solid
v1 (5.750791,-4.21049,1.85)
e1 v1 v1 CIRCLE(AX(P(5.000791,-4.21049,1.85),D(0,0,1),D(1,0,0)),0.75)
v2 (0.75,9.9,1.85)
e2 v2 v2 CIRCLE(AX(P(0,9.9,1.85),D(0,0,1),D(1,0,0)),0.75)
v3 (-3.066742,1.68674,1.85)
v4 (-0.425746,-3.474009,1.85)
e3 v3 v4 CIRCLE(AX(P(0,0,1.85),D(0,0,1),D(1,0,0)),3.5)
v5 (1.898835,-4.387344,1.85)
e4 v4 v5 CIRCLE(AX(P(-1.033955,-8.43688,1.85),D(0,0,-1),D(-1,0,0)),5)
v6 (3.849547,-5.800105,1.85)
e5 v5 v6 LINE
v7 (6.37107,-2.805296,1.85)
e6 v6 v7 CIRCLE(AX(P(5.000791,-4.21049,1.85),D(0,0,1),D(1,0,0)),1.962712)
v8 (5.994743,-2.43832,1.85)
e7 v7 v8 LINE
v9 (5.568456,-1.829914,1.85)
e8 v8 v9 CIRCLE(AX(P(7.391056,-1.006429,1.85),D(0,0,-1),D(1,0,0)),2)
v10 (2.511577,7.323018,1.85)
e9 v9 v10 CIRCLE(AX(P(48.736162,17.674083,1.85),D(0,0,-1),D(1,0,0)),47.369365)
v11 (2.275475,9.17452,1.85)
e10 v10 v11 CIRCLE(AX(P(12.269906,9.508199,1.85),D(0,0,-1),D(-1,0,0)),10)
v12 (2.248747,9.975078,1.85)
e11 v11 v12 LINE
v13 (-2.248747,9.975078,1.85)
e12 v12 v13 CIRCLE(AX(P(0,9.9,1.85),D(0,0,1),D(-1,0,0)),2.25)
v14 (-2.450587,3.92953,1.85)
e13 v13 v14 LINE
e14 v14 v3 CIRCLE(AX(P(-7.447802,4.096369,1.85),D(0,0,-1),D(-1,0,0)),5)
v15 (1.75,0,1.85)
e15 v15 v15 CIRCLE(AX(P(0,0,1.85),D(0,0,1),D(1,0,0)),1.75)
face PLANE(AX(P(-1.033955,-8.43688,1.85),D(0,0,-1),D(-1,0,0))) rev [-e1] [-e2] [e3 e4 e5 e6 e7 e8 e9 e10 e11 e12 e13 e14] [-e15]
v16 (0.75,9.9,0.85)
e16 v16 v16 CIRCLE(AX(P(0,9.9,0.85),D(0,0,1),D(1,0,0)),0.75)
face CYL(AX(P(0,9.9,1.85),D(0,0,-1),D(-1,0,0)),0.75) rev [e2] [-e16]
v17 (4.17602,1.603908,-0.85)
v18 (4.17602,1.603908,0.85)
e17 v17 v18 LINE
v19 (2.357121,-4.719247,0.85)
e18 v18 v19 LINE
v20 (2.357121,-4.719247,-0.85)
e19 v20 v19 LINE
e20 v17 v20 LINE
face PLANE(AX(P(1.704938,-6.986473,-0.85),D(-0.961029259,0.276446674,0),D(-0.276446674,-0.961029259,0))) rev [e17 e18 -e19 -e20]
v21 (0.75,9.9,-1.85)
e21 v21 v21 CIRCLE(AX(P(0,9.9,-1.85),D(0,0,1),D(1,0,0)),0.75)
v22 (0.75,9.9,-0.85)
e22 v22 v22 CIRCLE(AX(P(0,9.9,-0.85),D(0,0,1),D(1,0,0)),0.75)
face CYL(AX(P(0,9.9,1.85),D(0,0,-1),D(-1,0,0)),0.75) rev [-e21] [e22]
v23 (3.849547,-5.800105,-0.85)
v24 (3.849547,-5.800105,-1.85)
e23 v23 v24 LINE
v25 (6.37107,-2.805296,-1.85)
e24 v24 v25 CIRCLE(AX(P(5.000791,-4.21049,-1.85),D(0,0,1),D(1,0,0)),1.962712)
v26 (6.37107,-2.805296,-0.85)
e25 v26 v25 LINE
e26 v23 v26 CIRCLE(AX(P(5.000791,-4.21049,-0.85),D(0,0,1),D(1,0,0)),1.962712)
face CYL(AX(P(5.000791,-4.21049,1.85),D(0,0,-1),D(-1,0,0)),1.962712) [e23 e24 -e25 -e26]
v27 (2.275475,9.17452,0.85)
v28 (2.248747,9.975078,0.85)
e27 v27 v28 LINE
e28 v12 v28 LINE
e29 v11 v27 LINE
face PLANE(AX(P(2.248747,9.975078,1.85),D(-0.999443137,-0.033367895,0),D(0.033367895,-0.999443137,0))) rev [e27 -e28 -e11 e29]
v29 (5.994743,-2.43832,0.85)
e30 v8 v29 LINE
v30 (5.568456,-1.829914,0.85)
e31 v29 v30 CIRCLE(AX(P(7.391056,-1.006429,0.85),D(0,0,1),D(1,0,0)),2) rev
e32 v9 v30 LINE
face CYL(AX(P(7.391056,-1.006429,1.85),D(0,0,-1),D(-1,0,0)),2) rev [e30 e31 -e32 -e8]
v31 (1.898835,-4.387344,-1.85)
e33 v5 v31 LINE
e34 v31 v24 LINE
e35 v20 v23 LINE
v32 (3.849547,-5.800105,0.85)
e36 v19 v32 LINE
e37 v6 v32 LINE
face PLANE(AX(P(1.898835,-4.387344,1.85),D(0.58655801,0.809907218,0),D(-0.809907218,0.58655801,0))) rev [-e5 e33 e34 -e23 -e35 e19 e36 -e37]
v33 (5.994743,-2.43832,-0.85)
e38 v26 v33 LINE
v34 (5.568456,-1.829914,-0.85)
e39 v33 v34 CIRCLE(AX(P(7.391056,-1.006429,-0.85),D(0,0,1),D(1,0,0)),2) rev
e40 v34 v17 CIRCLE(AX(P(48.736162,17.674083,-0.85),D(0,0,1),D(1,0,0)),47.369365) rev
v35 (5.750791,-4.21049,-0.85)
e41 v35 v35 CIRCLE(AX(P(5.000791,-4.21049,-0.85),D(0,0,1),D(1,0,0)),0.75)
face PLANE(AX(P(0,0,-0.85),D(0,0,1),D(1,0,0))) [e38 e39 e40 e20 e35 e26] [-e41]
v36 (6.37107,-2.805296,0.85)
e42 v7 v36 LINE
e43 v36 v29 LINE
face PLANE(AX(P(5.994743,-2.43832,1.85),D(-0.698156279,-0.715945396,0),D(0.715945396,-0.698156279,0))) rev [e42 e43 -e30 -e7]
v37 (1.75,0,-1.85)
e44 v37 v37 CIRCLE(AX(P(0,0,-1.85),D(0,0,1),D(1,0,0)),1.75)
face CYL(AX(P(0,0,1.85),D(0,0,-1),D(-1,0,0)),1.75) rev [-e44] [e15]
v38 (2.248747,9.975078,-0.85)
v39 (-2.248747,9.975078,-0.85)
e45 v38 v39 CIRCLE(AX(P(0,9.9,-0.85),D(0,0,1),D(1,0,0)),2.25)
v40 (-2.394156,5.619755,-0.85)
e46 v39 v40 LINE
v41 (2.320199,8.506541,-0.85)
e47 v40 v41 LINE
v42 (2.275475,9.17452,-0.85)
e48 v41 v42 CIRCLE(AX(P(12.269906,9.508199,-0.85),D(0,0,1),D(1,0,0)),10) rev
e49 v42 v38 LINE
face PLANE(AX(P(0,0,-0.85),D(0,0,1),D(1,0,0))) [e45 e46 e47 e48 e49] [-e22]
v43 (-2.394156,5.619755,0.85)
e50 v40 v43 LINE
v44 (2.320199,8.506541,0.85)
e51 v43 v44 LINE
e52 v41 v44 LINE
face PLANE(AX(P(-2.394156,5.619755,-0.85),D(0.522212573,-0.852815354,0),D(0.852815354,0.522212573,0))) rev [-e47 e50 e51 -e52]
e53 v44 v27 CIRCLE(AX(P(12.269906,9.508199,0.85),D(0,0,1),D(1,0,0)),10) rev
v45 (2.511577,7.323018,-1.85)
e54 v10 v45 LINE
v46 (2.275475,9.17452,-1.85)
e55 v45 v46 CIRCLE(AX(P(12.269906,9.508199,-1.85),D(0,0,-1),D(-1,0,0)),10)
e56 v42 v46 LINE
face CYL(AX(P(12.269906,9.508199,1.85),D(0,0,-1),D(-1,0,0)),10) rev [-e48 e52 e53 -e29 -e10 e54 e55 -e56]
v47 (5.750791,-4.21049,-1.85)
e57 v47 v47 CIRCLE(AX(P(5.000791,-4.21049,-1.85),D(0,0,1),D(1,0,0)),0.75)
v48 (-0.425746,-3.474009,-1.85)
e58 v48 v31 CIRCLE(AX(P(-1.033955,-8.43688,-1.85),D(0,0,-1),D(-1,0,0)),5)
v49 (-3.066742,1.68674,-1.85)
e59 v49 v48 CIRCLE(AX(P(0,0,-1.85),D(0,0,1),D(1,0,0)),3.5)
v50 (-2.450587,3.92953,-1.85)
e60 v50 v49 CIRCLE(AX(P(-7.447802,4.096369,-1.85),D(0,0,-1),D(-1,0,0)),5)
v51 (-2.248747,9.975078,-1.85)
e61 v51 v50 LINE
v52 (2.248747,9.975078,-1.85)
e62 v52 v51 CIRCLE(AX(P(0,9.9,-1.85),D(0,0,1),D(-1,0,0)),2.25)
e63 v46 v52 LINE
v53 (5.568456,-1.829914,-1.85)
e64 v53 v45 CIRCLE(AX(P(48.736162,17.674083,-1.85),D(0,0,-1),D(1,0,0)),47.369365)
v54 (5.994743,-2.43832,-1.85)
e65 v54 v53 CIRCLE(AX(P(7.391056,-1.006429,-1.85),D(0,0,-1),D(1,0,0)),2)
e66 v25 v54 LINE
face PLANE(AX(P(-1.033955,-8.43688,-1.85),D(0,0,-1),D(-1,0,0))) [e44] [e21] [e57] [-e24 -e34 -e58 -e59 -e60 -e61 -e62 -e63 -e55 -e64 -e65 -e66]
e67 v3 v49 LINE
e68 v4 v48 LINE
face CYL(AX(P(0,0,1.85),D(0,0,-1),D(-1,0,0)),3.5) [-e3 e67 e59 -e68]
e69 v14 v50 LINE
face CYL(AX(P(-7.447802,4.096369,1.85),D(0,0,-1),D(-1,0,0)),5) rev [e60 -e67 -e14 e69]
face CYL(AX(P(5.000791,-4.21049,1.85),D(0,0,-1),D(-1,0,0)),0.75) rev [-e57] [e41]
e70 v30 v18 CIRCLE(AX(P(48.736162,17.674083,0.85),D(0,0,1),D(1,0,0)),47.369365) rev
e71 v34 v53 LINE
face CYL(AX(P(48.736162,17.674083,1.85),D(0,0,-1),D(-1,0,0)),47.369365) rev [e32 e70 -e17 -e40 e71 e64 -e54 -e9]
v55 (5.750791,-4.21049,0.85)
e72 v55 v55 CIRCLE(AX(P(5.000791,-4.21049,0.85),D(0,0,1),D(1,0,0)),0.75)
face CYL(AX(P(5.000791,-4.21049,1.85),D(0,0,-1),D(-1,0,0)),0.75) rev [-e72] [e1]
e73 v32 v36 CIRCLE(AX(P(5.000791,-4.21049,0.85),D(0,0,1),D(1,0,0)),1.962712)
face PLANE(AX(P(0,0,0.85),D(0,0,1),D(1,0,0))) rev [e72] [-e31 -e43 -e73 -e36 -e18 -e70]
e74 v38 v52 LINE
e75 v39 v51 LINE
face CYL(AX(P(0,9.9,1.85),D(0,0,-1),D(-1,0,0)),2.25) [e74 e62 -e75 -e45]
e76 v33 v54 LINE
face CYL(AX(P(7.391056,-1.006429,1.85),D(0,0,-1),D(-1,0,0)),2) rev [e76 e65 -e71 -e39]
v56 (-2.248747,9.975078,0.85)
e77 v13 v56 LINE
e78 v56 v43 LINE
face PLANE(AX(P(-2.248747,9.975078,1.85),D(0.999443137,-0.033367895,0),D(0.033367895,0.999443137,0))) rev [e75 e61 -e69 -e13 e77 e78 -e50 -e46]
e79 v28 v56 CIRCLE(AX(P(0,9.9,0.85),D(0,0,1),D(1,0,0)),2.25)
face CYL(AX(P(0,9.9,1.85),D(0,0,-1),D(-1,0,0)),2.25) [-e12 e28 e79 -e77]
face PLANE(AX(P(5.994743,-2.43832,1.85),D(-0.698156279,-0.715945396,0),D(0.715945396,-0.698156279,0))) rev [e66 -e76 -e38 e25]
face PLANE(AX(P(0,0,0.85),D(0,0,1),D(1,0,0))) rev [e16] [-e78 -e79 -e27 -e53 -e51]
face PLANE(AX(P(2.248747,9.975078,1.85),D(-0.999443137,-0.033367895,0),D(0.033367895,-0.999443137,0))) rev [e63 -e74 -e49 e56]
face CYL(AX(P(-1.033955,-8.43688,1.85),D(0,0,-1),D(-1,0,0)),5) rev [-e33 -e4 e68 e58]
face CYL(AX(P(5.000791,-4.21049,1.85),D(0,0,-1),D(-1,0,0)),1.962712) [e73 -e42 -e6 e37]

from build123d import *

# Parameters (mm, degrees)
SKETCH1_R           = 1.75
SKETCH1_R_2         = 0.75
BOSS_EXTRUDE1_DEPTH = 1.85
CUT_EXTRUDE1_DEPTH  = 0.85


with BuildPart() as part:
    # Sketch1 → Boss-Extrude1 (new body, symmetric)
    with BuildSketch(Plane.XY):
        with BuildLine():
            Line((-2.248747058, 9.975077763), (-2.450586667, 3.929529668))
            ThreePointArc((-2.450586667, 3.929529668), (-2.626439392, 2.771809131), (-3.066742144, 1.686740235))
            ThreePointArc((-3.066742144, 1.686740235), (-3.115718571, -1.594458461), (-0.425746012, -3.474009259))
            ThreePointArc((-0.425746012, -3.474009259), (0.794490836, -3.783194285), (1.898835448, -4.387343542))
            Line((1.898835448, -4.387343542), (3.849546842, -5.800104619))
            ThreePointArc((3.849546842, -5.800104619), (6.502194953, -5.474619694), (6.371070446, -2.805296035))
            Line((6.371070446, -2.805296035), (5.994743374, -2.438319573))
            ThreePointArc((5.994743374, -2.438319573), (5.753103265, -2.154083372), (5.568455785, -1.829914483))
            ThreePointArc((5.568455785, -1.829914483), (3.806333847, 2.668506691), (2.511577358, 7.323017665))
            ThreePointArc((2.511577358, 7.323017665), (2.35023388, 8.243248269), (2.275474866, 9.174520072))
            Line((2.275474866, 9.174520072), (2.248747058, 9.975077763))
            ThreePointArc((2.248747058, 9.975077763), (0, 12.15), (-2.248747058, 9.975077763))
        make_face()
        Circle(SKETCH1_R, mode=Mode.SUBTRACT)
        with Locations((0, 9.9)):
            Circle(SKETCH1_R_2, mode=Mode.SUBTRACT)
        with Locations((5.000791037, -4.210490349)):
            Circle(SKETCH1_R_2, mode=Mode.SUBTRACT)
    extrude(amount=BOSS_EXTRUDE1_DEPTH, both=True)

    # Sketch2 → Cut-Extrude1 (cut, symmetric)
    with BuildSketch(Plane.XY):
        Polygon((1.704938045, -6.98647295), (4.176020114, 1.603907731), (8.214802736, -2.706528486), (6.17955487, -9.771778434), align=None)
        Polygon((-2.39415597, 5.619755358), (2.320198625, 8.506541147), (8.539776122, 16.638706119), (-7.891989788, 11.77086667), align=None)
    extrude(amount=CUT_EXTRUDE1_DEPTH, both=True, mode=Mode.SUBTRACT)


solid = part.part
